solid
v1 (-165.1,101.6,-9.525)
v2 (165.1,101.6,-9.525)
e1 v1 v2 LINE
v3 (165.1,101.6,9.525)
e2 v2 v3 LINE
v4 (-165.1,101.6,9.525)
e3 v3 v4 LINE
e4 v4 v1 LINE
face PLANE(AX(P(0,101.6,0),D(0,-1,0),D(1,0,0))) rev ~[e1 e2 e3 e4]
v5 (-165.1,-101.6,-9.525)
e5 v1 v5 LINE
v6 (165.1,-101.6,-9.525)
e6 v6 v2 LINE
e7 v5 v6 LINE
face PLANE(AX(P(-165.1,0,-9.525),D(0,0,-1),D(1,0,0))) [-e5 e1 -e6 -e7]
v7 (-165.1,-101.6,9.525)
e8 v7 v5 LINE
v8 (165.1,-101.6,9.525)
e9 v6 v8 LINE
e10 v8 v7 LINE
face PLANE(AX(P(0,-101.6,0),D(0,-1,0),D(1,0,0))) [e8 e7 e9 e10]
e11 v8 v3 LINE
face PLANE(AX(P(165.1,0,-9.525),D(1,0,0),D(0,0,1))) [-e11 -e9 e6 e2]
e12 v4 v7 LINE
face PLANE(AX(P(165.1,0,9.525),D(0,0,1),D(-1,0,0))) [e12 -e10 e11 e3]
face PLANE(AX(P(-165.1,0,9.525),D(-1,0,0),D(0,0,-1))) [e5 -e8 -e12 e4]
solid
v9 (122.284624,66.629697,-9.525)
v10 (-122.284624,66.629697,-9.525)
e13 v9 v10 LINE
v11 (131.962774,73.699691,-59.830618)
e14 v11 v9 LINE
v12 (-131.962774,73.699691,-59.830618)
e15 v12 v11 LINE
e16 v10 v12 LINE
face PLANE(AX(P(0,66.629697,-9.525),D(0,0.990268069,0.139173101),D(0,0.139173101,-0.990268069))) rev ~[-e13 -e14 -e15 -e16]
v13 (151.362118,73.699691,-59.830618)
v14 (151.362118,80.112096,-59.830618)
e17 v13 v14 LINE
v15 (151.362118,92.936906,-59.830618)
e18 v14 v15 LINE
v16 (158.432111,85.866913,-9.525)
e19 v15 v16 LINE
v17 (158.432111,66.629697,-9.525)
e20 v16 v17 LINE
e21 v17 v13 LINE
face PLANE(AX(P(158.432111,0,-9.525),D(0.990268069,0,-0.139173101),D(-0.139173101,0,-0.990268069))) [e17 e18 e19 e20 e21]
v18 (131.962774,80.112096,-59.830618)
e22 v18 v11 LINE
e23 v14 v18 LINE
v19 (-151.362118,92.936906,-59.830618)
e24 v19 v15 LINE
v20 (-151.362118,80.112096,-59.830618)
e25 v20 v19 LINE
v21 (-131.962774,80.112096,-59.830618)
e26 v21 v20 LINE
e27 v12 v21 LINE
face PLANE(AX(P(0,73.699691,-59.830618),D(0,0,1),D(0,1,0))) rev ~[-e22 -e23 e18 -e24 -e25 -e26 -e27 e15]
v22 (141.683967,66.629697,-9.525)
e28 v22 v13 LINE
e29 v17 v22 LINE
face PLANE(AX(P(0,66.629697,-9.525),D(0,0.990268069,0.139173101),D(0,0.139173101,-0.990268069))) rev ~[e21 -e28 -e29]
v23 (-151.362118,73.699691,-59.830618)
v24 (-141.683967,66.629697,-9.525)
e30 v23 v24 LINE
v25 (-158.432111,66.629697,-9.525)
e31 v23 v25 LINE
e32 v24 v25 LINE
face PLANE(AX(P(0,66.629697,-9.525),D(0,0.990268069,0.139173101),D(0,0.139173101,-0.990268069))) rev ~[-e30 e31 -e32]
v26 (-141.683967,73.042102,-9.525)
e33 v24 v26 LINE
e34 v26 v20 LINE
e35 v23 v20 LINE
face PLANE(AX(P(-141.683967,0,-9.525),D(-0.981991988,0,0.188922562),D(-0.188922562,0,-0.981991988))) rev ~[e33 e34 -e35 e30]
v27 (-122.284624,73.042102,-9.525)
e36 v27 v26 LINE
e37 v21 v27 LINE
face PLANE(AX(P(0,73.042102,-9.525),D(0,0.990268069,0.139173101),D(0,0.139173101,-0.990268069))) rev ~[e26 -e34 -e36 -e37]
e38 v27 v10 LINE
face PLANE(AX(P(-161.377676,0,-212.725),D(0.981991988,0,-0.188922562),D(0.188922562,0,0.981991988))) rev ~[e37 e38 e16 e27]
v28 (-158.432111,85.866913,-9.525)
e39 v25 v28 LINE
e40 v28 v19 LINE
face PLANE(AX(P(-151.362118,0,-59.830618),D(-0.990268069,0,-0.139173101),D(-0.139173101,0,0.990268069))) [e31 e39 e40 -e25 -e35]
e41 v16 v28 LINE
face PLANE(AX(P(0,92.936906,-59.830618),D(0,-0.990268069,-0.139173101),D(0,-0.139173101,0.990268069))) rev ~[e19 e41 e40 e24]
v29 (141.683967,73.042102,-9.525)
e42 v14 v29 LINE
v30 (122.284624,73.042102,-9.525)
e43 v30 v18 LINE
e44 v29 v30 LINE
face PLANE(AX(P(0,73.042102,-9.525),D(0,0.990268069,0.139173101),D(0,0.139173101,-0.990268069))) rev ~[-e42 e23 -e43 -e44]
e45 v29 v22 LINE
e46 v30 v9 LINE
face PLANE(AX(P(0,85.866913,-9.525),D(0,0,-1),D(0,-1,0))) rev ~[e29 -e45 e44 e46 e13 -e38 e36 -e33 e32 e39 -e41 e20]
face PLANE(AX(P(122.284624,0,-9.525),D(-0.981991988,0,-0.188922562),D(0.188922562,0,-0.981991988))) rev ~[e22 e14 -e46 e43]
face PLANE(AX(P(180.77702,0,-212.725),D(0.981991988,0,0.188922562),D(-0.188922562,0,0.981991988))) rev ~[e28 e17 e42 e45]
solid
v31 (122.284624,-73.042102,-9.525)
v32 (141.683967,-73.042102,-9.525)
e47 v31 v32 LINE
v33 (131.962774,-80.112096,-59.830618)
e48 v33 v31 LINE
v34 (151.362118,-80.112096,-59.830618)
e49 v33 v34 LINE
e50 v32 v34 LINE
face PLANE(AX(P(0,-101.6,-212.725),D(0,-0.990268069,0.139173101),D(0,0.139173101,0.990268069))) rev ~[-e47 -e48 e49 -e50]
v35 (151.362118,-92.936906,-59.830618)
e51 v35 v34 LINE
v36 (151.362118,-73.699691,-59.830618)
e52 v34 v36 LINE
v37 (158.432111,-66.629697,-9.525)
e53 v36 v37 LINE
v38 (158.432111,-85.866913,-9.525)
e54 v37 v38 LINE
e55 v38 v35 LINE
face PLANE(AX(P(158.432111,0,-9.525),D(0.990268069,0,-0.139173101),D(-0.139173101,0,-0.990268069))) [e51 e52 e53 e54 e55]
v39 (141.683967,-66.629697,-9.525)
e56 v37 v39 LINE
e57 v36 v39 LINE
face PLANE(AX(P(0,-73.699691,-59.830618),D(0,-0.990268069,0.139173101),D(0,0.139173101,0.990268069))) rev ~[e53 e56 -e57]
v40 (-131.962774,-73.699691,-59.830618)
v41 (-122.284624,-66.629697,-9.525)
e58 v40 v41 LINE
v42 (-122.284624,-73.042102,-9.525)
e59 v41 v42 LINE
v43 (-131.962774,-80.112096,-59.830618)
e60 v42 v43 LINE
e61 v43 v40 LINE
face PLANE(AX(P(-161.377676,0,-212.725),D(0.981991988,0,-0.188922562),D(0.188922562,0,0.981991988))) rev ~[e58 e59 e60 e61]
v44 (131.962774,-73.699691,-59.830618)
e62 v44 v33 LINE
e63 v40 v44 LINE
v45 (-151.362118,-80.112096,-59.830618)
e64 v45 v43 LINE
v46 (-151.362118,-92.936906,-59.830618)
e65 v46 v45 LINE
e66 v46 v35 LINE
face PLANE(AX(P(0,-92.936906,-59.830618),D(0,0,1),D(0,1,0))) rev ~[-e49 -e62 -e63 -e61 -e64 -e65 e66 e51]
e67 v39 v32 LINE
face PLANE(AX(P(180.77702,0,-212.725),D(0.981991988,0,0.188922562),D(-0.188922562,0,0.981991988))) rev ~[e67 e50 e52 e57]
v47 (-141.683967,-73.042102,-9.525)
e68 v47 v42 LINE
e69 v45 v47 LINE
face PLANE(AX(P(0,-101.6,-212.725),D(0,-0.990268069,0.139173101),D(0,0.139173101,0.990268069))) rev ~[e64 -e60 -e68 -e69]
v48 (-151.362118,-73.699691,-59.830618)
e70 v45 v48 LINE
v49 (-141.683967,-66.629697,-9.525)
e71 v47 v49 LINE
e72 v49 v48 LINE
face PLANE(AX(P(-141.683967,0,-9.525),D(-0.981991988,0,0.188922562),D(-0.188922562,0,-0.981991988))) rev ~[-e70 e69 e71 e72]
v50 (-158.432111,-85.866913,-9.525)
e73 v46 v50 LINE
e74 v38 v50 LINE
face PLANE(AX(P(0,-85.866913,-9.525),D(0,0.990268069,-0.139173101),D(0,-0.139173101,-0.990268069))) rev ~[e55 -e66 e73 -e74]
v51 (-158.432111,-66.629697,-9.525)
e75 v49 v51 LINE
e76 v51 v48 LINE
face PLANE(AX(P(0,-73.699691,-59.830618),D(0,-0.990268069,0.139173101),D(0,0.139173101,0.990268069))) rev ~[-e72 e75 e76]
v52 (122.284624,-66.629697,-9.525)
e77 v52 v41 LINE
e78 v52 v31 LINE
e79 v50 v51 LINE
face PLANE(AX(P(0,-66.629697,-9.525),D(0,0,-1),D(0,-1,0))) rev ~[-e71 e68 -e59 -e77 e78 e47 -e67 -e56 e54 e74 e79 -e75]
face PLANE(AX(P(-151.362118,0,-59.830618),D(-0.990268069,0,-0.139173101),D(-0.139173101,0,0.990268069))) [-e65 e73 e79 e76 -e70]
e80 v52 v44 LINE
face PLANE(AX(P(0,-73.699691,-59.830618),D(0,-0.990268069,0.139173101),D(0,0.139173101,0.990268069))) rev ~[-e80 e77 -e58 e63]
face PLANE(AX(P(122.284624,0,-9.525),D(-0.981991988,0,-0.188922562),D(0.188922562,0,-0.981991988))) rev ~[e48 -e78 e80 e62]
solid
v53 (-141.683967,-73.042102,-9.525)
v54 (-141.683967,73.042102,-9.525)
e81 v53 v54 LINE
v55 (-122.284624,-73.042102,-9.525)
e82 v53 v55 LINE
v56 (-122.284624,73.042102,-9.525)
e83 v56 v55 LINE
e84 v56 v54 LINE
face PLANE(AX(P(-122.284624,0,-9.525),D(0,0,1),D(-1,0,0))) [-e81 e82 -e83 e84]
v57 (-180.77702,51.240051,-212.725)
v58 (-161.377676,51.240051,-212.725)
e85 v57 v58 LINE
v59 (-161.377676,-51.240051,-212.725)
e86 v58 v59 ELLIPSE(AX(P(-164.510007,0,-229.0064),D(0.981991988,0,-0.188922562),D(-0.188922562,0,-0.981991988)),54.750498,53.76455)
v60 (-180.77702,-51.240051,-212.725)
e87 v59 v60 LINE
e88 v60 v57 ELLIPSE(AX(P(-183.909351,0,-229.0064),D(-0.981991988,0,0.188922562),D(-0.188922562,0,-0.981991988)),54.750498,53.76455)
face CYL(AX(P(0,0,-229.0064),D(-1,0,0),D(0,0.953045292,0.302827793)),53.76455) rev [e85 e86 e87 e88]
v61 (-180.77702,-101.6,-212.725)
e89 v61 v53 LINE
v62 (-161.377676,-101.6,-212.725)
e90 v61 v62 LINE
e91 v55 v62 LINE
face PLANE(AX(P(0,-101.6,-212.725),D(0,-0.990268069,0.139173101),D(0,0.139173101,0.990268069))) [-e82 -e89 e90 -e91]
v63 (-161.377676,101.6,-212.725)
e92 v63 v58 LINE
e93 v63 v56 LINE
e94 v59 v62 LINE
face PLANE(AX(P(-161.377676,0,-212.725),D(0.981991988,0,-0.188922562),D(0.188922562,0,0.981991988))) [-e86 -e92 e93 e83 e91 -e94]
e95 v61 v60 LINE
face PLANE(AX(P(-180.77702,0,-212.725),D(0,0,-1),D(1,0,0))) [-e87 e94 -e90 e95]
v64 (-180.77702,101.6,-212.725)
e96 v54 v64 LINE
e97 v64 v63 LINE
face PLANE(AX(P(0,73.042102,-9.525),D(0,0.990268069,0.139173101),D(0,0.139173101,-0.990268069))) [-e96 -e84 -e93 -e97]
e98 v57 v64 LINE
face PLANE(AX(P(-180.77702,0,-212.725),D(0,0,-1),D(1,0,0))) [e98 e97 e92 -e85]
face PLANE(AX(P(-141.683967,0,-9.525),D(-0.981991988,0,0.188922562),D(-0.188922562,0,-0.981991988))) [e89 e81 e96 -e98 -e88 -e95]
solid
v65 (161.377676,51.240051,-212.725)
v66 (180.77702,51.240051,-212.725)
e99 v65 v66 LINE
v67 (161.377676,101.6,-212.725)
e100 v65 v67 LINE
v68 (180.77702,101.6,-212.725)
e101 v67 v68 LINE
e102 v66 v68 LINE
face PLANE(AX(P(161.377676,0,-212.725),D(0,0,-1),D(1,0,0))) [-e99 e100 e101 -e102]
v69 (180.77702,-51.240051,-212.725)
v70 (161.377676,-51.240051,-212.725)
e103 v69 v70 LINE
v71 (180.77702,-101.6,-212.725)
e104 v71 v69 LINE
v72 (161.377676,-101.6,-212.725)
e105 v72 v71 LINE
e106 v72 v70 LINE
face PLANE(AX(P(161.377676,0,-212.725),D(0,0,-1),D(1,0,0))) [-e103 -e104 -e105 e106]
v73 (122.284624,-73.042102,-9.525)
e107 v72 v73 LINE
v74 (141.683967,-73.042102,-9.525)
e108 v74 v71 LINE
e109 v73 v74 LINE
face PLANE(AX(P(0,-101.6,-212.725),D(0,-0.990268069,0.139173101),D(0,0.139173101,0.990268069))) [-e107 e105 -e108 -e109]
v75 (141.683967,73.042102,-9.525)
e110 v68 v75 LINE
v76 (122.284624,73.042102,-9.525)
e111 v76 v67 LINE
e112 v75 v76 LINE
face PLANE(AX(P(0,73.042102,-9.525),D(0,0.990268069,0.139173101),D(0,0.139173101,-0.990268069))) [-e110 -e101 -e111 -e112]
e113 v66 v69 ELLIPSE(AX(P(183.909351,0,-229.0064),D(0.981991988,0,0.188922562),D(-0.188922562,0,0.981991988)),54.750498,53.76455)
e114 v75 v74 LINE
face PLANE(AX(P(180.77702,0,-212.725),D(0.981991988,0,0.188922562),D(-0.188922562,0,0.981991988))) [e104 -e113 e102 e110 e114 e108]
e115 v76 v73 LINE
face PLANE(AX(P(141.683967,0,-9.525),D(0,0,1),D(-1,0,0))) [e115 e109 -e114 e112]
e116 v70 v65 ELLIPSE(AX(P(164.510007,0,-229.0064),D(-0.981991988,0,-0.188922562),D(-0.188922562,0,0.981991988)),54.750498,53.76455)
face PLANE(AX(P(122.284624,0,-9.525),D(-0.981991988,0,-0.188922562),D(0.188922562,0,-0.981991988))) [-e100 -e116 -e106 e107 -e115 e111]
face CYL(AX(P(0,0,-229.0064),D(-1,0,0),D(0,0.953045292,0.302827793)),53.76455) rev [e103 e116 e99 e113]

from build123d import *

# Parameters (mm, degrees)
F1_DEPTH      = 101.6
F2_DEPTH      = 101.6
F2_DEPTH_BACK = 101.6
F4_DEPTH      = 180.7780199658
F4_DEPTH_BACK = 180.7780199658
F6_DEPTH      = 165.1
F6_DEPTH_BACK = 165.1
F7_DEPTH      = 101.601
F7_DEPTH_BACK = 101.601


with BuildPart() as f1:
    # F0 (on Front) → F1 (new body, symmetric)
    with BuildSketch(Plane.XZ):
        Polygon((165.1, 9.525), (-165.1, 9.525), (-165.1, -9.525), (-158.4321111441, -9.525), (-141.6839671327, -9.525), (-122.2846235293, -9.525), (122.2846235293, -9.525), (141.6839671327, -9.525), (158.4321111441, -9.525), (165.1, -9.525), align=None)
    extrude(amount=F1_DEPTH, both=True)


with BuildPart() as f2:
    # F0 (on Front) → F2 (new body, two sides)
    with BuildSketch(Plane.XZ) as f2_sk:
        Polygon((-131.9627740119, -59.8306178921), (-151.3621176153, -59.8306178921), (-180.7770199658, -212.725), (-161.3776763624, -212.725), align=None)
        Polygon((-122.2846235293, -9.525), (-141.6839671327, -9.525), (-151.3621176153, -59.8306178921), (-131.9627740119, -59.8306178921), align=None)
    extrude(amount=F2_DEPTH)
    extrude(f2_sk.sketch, amount=-F2_DEPTH_BACK)


with BuildPart() as f2b:
    # F0 (on Front) → F2, piece 2 (new body, two sides)
    with BuildSketch(Plane.XZ) as f2_2_sk:
        Polygon((180.7770199658, -212.725), (151.3621176153, -59.8306178921), (131.9627740119, -59.8306178921), (161.3776763624, -212.725), align=None)
        Polygon((151.3621176153, -59.8306178921), (141.6839671327, -9.525), (122.2846235293, -9.525), (131.9627740119, -59.8306178921), align=None)
    extrude(amount=F2_DEPTH)
    extrude(f2_2_sk.sketch, amount=-F2_DEPTH_BACK)


with BuildPart() as f4_tool:
    # F3 (on Right) → F4 (new body, two sides)
    with BuildSketch(Plane.YZ) as f4_sk:
        Polygon((-101.6, -212.725), (-73.0421023885, -9.525), (-101.6000000004, -9.525), align=None)
        with BuildLine():
            Line((-51.2400512201, -212.725), (51.2400512201, -212.725))
            ThreePointArc((51.2400512201, -212.725), (0, -175.2418500158), (-51.2400512201, -212.725))
        make_face()
        Polygon((101.6, -212.725), (101.6, -9.525), (73.0421023885, -9.525), align=None)
    extrude(amount=-F4_DEPTH)
    extrude(f4_sk.sketch, amount=F4_DEPTH_BACK)


with BuildPart() as f2_1:
    add(f2.part)

    # F4: cut by f4_tool
    add(f4_tool.part, mode=Mode.SUBTRACT)


with BuildPart() as f2b_1:
    add(f2b.part)

    # F4: cut by f4_tool
    add(f4_tool.part, mode=Mode.SUBTRACT)


with BuildPart() as f6:
    # F5 (on Right) → F6 (new body, two sides)
    with BuildSketch(Plane.YZ) as f6_sk:
        Polygon((-80.1120959173, -59.8306178921), (-73.0421023885, -9.525), (-85.8669125597, -9.525), (-92.9369060884, -59.8306178921), align=None)
        Polygon((-66.6296973032, -9.525), (-73.0421023885, -9.525), (-80.1120959173, -59.8306178921), (-73.6996908319, -59.8306178921), align=None)
    extrude(amount=-F6_DEPTH)
    extrude(f6_sk.sketch, amount=F6_DEPTH_BACK)


with BuildPart() as f6b:
    # F5 (on Right) → F6, piece 2 (new body, two sides)
    with BuildSketch(Plane.YZ) as f6_2_sk:
        Polygon((73.0421023885, -9.525), (66.6296973032, -9.525), (73.6996908319, -59.8306178921), (80.1120959173, -59.8306178921), align=None)
        Polygon((85.8669125597, -9.525), (73.0421023885, -9.525), (80.1120959173, -59.8306178921), (92.9369060883, -59.8306178921), align=None)
    extrude(amount=-F6_DEPTH)
    extrude(f6_2_sk.sketch, amount=F6_DEPTH_BACK)


with BuildPart() as f7_tool:
    # F0 (on Front) → F7 (new body, two sides)
    with BuildSketch(Plane.XZ) as f7_sk:
        Polygon((-158.4321111441, -9.525), (-165.1, -9.525), (-165.1, -59.8306178921), (-151.3621176153, -59.8306178921), align=None)
        Polygon((165.1, -59.8306178921), (165.1, -9.525), (158.4321111441, -9.525), (151.3621176153, -59.8306178921), align=None)
    extrude(amount=-F7_DEPTH)
    extrude(f7_sk.sketch, amount=F7_DEPTH_BACK)


with BuildPart() as f6_1:
    add(f6.part)

    # F7: cut by f7_tool
    add(f7_tool.part, mode=Mode.SUBTRACT)

    # F9: cut F2
    add(f2_1.part, mode=Mode.SUBTRACT)

    # F10: cut F2b
    add(f2b_1.part, mode=Mode.SUBTRACT)


with BuildPart() as f6b_1:
    add(f6b.part)

    # F7: cut by f7_tool
    add(f7_tool.part, mode=Mode.SUBTRACT)

    # F8: cut F2
    add(f2_1.part, mode=Mode.SUBTRACT)

    # F11: cut F2b
    add(f2b_1.part, mode=Mode.SUBTRACT)


solid = Compound([f1.part, f2_1.part, f2b_1.part, f6_1.part, f6b_1.part])
